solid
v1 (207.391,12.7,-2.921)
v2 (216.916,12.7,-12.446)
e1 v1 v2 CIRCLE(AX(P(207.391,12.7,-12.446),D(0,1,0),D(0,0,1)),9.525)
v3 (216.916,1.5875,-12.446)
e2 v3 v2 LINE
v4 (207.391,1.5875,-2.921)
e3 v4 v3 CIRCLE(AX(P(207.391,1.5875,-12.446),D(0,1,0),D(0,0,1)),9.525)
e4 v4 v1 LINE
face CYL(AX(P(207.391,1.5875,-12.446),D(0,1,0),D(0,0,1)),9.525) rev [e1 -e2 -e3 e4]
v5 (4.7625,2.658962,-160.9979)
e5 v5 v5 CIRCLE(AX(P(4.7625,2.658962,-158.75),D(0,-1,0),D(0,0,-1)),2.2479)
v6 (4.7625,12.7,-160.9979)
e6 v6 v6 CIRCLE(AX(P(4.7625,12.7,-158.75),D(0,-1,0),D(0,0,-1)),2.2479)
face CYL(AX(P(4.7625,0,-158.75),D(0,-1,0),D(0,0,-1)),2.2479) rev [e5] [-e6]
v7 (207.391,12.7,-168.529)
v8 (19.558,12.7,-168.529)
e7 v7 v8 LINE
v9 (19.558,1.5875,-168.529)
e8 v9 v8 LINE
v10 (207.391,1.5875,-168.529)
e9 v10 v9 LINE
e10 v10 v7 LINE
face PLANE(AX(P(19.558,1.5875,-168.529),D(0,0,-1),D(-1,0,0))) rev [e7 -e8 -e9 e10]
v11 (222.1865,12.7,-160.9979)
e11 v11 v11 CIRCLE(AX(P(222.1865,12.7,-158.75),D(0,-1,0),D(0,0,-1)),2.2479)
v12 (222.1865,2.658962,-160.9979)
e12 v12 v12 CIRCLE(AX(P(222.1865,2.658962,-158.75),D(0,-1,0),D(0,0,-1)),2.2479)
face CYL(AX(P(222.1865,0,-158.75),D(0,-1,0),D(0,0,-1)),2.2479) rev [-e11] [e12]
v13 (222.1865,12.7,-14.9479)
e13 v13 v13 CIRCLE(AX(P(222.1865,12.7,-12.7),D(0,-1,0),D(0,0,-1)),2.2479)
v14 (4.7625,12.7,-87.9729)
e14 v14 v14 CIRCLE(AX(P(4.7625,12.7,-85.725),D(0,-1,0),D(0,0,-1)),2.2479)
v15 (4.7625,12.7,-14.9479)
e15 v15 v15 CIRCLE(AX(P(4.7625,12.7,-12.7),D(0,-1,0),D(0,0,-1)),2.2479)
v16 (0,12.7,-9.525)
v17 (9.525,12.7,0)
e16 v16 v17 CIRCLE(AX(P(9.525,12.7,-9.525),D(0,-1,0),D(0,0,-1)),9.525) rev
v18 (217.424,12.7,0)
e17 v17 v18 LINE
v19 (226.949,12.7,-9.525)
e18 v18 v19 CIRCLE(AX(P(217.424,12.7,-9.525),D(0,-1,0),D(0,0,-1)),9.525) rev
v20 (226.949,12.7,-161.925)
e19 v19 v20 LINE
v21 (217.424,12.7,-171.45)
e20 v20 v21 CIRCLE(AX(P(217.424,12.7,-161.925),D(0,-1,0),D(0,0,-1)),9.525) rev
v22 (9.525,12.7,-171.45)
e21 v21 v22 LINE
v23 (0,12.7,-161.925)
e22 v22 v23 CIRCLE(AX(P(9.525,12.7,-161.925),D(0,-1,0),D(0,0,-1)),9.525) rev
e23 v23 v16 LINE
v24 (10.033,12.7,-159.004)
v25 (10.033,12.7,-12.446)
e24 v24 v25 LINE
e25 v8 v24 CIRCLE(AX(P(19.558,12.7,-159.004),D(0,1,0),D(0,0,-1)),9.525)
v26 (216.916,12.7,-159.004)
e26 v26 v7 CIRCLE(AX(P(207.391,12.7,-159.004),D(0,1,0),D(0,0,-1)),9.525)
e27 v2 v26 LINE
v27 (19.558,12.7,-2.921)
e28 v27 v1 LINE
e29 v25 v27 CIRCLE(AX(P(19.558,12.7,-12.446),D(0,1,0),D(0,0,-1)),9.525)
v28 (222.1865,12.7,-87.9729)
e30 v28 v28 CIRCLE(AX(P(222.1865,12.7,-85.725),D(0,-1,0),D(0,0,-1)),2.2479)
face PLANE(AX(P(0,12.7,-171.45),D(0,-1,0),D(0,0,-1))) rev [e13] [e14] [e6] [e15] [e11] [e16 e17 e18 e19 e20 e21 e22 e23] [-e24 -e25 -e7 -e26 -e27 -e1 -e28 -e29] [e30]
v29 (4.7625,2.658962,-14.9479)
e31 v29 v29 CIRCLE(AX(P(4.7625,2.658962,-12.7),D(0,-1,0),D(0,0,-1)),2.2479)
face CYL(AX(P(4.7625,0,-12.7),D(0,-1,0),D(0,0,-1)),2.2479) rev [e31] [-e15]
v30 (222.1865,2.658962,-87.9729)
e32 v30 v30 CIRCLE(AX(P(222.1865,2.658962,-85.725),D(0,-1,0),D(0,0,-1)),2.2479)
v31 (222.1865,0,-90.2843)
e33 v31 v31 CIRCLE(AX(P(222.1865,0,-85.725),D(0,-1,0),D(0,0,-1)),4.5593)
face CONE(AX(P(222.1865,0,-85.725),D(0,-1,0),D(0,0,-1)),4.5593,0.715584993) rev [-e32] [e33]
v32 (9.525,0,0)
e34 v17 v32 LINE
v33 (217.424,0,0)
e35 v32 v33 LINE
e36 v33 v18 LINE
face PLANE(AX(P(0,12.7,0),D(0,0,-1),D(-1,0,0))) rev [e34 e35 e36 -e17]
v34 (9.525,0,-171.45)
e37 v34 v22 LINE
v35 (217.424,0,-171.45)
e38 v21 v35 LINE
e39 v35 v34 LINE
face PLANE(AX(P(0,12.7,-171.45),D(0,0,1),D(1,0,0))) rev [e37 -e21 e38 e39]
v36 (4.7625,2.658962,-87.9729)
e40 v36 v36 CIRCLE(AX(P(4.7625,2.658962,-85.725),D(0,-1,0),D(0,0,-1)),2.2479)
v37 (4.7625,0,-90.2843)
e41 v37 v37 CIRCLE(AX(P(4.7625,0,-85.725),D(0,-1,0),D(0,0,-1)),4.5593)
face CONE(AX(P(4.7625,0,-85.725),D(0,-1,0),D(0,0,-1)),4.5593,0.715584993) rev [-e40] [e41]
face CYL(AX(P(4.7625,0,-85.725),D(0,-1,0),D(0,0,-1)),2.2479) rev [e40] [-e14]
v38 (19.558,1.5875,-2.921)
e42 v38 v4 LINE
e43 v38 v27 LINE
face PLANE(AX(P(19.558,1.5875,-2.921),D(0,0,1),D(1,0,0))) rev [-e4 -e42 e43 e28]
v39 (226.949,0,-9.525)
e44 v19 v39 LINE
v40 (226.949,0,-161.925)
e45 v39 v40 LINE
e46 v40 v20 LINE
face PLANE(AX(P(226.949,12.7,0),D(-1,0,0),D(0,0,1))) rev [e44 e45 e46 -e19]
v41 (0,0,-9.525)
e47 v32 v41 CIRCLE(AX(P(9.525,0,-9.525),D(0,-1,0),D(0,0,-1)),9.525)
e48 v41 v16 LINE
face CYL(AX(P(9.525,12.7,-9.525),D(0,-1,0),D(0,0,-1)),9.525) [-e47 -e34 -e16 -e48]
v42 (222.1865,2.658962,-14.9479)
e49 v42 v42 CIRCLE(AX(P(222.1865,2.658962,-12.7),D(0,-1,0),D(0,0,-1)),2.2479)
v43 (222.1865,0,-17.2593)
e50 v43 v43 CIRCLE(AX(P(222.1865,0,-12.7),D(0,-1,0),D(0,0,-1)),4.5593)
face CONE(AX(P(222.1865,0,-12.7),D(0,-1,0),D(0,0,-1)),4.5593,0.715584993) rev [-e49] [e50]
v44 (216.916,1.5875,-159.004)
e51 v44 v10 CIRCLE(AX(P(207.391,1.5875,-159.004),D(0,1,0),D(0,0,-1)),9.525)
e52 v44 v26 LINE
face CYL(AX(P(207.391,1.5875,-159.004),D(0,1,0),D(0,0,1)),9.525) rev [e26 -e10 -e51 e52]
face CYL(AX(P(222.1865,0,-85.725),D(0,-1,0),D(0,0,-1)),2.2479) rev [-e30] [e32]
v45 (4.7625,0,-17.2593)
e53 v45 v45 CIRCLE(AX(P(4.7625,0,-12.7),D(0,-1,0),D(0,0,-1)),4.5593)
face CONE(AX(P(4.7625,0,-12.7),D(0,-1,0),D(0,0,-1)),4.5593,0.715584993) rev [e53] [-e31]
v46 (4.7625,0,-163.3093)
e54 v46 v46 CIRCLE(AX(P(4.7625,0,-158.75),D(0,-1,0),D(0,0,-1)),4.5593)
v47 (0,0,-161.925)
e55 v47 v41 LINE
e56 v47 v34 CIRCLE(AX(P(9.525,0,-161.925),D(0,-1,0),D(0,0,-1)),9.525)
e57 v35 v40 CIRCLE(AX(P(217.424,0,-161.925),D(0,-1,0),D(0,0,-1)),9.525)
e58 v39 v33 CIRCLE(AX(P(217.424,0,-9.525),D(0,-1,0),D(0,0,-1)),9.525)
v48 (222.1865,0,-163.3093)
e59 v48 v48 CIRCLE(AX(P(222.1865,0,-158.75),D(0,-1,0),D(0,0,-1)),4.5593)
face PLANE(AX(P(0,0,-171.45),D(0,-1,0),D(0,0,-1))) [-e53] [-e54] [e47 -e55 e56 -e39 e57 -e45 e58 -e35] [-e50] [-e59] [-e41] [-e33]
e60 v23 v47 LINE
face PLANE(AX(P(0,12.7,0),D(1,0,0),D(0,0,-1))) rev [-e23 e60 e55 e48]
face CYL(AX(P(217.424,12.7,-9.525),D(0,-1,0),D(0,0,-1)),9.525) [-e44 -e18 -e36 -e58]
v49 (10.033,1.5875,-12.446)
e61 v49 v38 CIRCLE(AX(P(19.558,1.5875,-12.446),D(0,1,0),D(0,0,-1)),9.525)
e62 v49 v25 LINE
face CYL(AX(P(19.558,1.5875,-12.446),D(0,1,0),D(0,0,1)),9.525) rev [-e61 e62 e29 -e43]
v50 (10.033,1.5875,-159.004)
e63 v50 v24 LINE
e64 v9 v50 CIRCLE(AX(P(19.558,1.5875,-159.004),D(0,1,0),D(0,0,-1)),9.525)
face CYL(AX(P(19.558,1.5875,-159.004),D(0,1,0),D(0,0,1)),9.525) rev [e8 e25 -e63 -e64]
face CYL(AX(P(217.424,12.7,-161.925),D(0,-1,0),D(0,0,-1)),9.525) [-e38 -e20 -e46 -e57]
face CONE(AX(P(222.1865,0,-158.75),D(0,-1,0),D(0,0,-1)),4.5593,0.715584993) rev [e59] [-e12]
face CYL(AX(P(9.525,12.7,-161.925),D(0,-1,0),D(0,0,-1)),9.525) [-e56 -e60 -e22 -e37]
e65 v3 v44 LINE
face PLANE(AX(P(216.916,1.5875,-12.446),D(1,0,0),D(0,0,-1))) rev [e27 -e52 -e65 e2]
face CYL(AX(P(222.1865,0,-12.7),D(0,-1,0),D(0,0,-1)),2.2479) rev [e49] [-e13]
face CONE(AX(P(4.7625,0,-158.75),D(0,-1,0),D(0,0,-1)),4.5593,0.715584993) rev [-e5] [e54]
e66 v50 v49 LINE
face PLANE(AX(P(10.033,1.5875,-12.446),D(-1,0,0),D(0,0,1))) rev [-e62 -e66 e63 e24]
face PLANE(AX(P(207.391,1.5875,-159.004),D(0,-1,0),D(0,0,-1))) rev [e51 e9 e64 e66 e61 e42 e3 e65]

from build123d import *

# Parameters (mm, degrees)
SKETCH1_W                                         = 226.949
SKETCH1_H                                         = 171.45
BOSS_EXTRUDE1_DEPTH                               = 12.7
CUT_EXTRUDE1_DEPTH                                = 11.1125
CSK_FOR_8_FLAT_HEAD_SOCKET_CAP_SCREW1_D           = 4.4958
CSK_FOR_8_FLAT_HEAD_SOCKET_CAP_SCREW1_CSINK_D     = 9.1186
CSK_FOR_8_FLAT_HEAD_SOCKET_CAP_SCREW1_CSINK_ANGLE = 82
FILLET1_R                                         = 9.525


with BuildPart() as part:
    # Sketch1 → Boss-Extrude1 (new body)
    with BuildSketch(Plane(origin=(0, 0, 0), x_dir=(1, 0, 0), z_dir=(0, 1, 0))):
        with Locations((113.4745, 85.725)):
            Rectangle(SKETCH1_W, SKETCH1_H)
    extrude(amount=BOSS_EXTRUDE1_DEPTH)

    # Sketch2 → Cut-Extrude1 (cut)
    with BuildSketch(Plane(origin=(0, 12.7, 0), x_dir=(1, 0, 0), z_dir=(0, 1, 0))):
        with BuildLine():
            Line((19.558, 2.921), (207.391, 2.921))
            ThreePointArc((207.391, 2.921), (214.126192091, 5.710807909), (216.916, 12.446))
            Line((216.916, 12.446), (216.916, 159.004))
            ThreePointArc((216.916, 159.004), (214.126192091, 165.739192091), (207.391, 168.529))
            Line((207.391, 168.529), (19.558, 168.529))
            ThreePointArc((19.558, 168.529), (12.822807909, 165.739192091), (10.033, 159.004))
            Line((10.033, 159.004), (10.033, 12.446))
            ThreePointArc((10.033, 12.446), (12.822807909, 5.710807909), (19.558, 2.921))
        make_face()
    extrude(amount=-CUT_EXTRUDE1_DEPTH, mode=Mode.SUBTRACT)

    # CSK for #8 Flat Head Socket Cap Screw1 (through all)
    with Locations(Plane.XZ):
        with Locations((4.7625, -12.7), (4.7625, -158.75), (4.7625, -85.725)):
            csk_for_8_flat_head_socket_cap_screw1 = CounterSinkHole(CSK_FOR_8_FLAT_HEAD_SOCKET_CAP_SCREW1_D / 2, CSK_FOR_8_FLAT_HEAD_SOCKET_CAP_SCREW1_CSINK_D / 2, counter_sink_angle=CSK_FOR_8_FLAT_HEAD_SOCKET_CAP_SCREW1_CSINK_ANGLE)

    # Mirror1: CSK for #8 Flat Head Socket Cap Screw1 across plane
    add(csk_for_8_flat_head_socket_cap_screw1.mirror(Plane(origin=(113.4745, 0, 0), x_dir=(0, 0, 1), z_dir=(1, 0, 0))), mode=Mode.SUBTRACT)

    # Fillet1
    fillet1_edges = [part.edges().sort_by_distance(p)[0] for p in [
        (0, 6.35, -171.45),
        (226.949, 6.35, -171.45),
        (226.949, 6.35, 0),
        (0, 6.35, 0),
    ]]
    fillet(fillet1_edges, radius=FILLET1_R)


solid = part.part
